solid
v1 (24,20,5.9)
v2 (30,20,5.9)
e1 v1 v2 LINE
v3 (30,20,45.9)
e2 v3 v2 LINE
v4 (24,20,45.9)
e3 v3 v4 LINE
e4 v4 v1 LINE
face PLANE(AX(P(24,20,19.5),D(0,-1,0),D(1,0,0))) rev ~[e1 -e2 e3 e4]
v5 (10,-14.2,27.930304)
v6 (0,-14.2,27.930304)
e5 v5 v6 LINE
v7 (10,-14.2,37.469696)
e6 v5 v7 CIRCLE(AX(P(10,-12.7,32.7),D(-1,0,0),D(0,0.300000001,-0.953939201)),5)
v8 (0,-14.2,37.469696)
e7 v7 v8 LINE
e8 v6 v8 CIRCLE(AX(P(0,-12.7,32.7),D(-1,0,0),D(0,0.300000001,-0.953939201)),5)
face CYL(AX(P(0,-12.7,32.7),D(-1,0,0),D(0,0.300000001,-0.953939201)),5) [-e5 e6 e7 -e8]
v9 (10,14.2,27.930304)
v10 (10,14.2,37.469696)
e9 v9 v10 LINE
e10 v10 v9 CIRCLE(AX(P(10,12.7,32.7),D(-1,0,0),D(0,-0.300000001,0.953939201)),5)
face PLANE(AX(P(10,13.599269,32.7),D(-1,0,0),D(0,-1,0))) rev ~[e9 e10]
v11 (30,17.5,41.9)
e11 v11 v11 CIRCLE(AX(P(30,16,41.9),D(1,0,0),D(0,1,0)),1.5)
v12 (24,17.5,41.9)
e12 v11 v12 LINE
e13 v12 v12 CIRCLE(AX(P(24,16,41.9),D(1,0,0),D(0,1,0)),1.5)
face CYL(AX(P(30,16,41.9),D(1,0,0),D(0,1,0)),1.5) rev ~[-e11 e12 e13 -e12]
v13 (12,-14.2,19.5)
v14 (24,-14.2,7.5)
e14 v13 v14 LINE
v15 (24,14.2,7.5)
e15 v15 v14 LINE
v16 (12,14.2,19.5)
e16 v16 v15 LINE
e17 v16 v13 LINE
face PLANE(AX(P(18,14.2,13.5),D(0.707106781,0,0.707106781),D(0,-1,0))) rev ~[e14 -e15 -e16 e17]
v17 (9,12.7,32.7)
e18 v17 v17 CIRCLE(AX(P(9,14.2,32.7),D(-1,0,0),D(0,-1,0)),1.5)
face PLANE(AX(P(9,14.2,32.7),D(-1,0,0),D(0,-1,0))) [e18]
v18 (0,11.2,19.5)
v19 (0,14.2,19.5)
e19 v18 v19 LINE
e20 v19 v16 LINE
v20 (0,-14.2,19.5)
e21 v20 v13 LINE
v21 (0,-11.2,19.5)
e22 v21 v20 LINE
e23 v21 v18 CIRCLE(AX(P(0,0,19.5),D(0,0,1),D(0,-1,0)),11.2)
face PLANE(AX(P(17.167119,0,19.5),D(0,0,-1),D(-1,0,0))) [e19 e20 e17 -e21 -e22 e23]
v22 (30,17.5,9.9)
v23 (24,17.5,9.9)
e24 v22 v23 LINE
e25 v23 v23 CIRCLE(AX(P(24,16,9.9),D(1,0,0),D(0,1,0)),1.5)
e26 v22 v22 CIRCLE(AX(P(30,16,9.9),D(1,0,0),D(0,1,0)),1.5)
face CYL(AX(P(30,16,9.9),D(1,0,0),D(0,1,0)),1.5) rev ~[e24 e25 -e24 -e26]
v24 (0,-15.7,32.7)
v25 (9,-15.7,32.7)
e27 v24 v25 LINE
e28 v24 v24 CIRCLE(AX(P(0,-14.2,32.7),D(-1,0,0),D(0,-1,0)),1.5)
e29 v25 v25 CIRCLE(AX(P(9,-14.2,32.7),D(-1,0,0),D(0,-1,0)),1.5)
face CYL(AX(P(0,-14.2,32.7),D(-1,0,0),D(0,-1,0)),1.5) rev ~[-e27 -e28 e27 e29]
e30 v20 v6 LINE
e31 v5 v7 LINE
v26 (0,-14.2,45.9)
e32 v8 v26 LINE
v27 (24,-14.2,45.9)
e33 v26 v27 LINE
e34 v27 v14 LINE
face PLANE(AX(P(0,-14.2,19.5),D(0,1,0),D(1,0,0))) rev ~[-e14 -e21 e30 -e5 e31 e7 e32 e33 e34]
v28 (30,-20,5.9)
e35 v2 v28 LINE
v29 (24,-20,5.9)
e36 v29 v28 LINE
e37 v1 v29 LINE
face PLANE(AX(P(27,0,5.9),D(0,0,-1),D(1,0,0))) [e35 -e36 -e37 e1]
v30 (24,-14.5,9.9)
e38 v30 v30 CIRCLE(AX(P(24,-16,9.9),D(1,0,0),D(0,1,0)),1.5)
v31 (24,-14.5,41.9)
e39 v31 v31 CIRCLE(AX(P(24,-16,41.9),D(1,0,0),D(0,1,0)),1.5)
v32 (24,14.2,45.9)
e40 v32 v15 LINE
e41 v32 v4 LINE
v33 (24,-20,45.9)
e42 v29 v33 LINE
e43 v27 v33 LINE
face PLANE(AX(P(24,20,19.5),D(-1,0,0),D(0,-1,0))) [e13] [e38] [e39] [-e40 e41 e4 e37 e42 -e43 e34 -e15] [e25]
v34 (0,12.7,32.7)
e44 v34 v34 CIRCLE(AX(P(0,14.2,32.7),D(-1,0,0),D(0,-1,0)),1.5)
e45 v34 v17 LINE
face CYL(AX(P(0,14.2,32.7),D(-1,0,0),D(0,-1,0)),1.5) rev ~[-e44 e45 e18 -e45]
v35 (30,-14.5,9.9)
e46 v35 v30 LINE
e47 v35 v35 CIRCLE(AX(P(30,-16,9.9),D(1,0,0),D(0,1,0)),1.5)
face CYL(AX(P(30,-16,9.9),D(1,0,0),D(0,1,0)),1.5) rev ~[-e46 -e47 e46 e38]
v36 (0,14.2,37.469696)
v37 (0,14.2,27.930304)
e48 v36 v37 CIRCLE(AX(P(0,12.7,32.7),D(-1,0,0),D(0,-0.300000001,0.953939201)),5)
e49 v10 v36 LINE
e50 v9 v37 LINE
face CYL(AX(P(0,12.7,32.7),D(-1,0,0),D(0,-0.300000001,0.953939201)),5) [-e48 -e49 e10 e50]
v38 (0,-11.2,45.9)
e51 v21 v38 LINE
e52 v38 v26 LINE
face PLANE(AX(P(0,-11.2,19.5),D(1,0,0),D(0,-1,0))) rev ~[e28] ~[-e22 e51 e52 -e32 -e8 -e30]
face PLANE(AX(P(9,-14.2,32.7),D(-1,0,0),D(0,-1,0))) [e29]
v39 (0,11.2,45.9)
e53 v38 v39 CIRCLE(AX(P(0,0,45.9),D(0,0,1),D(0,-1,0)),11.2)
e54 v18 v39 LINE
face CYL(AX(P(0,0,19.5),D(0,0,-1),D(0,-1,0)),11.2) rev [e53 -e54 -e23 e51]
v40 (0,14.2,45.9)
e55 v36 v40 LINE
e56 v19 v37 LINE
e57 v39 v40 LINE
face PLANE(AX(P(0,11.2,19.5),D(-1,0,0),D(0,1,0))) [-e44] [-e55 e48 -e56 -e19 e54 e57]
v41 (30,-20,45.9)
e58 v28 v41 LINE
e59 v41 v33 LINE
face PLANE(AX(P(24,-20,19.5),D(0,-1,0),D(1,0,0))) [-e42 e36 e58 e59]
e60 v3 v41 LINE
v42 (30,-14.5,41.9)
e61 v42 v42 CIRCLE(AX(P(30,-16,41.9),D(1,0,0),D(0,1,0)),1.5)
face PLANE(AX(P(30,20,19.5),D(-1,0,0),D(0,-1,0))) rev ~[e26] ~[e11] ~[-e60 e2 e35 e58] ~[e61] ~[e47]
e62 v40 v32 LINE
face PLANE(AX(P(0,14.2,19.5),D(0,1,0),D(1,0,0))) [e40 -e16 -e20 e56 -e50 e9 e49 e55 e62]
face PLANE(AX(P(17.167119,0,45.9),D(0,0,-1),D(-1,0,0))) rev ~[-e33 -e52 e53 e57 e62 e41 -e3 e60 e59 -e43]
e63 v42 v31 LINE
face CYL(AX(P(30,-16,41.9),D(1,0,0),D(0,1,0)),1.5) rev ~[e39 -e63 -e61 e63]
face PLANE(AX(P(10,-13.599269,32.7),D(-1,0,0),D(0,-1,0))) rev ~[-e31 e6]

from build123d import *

# Parameters (mm, degrees)
PAD005_DEPTH    = 26.4
SKETCH068_W     = 6
SKETCH068_H     = 40
PAD006_DEPTH    = 13.6
SKETCH070_R     = 1.5
POCKET004_DEPTH = 6
PAD007_DEPTH    = 10
SKETCH071_R     = 1.5
POCKET005_DEPTH = 9
CHAMFER003_SIZE = 12


with BuildPart() as part:
    # Sketch067 → Pad005 (new body)
    with BuildSketch(Plane.XY.offset(19.5)):
        with BuildLine():
            ThreePointArc((0, -11.2), (11.2, 0), (0, 11.2))
            Line((0, 11.2), (0, 14.2))
            Line((0, 14.2), (24, 14.2))
            Line((24, 14.2), (24, 20))
            Line((30, 20), (24, 20))
            Line((30, 20), (30, -20))
            Line((30, -20), (24, -20))
            Line((24, -14.2), (24, -20))
            Line((0, -14.2), (24, -14.2))
            Line((0, -11.2), (0, -14.2))
        make_face()
    extrude(amount=PAD005_DEPTH)

    # Sketch068 → Pad006 (new body)
    with BuildSketch(Plane(origin=(0, 0, 19.5), x_dir=(1, 0, 0), z_dir=(0, 0, -1))):
        with Locations((27, 0)):
            Rectangle(SKETCH068_W, SKETCH068_H)
    extrude(amount=PAD006_DEPTH)

    # Sketch070 → Pocket004 (cut)
    with BuildSketch(Plane(origin=(30, 0, 19.5), x_dir=(0, 1, 0), z_dir=(1, 0, 0))):
        with Locations((-16, 22.4)):
            Circle(SKETCH070_R)
        with Locations((16, 22.4)):
            Circle(SKETCH070_R)
        with Locations((16, -9.6)):
            Circle(SKETCH070_R)
        with Locations((-16, -9.6)):
            Circle(SKETCH070_R)
    extrude(amount=-POCKET004_DEPTH, mode=Mode.SUBTRACT)

    # Sketch069 → Pad007 (new body)
    with BuildSketch(Plane(origin=(0, 0, 19.5), x_dir=(0, -1, 0), z_dir=(-1, 0, 0))):
        with BuildLine():
            ThreePointArc((-11.2, 17.969696), (-17.7, 13.2), (-11.2, 8.430304))
            Line((-11.2, 17.969696), (-11.2, 8.430304))
        make_face()
        with BuildLine():
            ThreePointArc((11.2, 8.430304), (17.7, 13.2), (11.2, 17.969696))
            Line((11.2, 17.969696), (11.2, 8.430304))
        make_face()
    extrude(amount=-PAD007_DEPTH)

    # Sketch071 → Pocket005 (cut)
    with BuildSketch(Plane(origin=(0, 0, 19.5), x_dir=(0, -1, 0), z_dir=(-1, 0, 0))):
        with Locations((-14.2, 13.2)):
            Circle(SKETCH071_R)
        with Locations((14.2, 13.2)):
            Circle(SKETCH071_R)
    extrude(amount=-POCKET005_DEPTH, mode=Mode.SUBTRACT)

    # Chamfer003
    chamfer003_edges = [part.edges().sort_by_distance(p)[0] for p in [
        (24, 0, 19.5),
    ]]
    chamfer(chamfer003_edges, length=CHAMFER003_SIZE)


solid = part.part
